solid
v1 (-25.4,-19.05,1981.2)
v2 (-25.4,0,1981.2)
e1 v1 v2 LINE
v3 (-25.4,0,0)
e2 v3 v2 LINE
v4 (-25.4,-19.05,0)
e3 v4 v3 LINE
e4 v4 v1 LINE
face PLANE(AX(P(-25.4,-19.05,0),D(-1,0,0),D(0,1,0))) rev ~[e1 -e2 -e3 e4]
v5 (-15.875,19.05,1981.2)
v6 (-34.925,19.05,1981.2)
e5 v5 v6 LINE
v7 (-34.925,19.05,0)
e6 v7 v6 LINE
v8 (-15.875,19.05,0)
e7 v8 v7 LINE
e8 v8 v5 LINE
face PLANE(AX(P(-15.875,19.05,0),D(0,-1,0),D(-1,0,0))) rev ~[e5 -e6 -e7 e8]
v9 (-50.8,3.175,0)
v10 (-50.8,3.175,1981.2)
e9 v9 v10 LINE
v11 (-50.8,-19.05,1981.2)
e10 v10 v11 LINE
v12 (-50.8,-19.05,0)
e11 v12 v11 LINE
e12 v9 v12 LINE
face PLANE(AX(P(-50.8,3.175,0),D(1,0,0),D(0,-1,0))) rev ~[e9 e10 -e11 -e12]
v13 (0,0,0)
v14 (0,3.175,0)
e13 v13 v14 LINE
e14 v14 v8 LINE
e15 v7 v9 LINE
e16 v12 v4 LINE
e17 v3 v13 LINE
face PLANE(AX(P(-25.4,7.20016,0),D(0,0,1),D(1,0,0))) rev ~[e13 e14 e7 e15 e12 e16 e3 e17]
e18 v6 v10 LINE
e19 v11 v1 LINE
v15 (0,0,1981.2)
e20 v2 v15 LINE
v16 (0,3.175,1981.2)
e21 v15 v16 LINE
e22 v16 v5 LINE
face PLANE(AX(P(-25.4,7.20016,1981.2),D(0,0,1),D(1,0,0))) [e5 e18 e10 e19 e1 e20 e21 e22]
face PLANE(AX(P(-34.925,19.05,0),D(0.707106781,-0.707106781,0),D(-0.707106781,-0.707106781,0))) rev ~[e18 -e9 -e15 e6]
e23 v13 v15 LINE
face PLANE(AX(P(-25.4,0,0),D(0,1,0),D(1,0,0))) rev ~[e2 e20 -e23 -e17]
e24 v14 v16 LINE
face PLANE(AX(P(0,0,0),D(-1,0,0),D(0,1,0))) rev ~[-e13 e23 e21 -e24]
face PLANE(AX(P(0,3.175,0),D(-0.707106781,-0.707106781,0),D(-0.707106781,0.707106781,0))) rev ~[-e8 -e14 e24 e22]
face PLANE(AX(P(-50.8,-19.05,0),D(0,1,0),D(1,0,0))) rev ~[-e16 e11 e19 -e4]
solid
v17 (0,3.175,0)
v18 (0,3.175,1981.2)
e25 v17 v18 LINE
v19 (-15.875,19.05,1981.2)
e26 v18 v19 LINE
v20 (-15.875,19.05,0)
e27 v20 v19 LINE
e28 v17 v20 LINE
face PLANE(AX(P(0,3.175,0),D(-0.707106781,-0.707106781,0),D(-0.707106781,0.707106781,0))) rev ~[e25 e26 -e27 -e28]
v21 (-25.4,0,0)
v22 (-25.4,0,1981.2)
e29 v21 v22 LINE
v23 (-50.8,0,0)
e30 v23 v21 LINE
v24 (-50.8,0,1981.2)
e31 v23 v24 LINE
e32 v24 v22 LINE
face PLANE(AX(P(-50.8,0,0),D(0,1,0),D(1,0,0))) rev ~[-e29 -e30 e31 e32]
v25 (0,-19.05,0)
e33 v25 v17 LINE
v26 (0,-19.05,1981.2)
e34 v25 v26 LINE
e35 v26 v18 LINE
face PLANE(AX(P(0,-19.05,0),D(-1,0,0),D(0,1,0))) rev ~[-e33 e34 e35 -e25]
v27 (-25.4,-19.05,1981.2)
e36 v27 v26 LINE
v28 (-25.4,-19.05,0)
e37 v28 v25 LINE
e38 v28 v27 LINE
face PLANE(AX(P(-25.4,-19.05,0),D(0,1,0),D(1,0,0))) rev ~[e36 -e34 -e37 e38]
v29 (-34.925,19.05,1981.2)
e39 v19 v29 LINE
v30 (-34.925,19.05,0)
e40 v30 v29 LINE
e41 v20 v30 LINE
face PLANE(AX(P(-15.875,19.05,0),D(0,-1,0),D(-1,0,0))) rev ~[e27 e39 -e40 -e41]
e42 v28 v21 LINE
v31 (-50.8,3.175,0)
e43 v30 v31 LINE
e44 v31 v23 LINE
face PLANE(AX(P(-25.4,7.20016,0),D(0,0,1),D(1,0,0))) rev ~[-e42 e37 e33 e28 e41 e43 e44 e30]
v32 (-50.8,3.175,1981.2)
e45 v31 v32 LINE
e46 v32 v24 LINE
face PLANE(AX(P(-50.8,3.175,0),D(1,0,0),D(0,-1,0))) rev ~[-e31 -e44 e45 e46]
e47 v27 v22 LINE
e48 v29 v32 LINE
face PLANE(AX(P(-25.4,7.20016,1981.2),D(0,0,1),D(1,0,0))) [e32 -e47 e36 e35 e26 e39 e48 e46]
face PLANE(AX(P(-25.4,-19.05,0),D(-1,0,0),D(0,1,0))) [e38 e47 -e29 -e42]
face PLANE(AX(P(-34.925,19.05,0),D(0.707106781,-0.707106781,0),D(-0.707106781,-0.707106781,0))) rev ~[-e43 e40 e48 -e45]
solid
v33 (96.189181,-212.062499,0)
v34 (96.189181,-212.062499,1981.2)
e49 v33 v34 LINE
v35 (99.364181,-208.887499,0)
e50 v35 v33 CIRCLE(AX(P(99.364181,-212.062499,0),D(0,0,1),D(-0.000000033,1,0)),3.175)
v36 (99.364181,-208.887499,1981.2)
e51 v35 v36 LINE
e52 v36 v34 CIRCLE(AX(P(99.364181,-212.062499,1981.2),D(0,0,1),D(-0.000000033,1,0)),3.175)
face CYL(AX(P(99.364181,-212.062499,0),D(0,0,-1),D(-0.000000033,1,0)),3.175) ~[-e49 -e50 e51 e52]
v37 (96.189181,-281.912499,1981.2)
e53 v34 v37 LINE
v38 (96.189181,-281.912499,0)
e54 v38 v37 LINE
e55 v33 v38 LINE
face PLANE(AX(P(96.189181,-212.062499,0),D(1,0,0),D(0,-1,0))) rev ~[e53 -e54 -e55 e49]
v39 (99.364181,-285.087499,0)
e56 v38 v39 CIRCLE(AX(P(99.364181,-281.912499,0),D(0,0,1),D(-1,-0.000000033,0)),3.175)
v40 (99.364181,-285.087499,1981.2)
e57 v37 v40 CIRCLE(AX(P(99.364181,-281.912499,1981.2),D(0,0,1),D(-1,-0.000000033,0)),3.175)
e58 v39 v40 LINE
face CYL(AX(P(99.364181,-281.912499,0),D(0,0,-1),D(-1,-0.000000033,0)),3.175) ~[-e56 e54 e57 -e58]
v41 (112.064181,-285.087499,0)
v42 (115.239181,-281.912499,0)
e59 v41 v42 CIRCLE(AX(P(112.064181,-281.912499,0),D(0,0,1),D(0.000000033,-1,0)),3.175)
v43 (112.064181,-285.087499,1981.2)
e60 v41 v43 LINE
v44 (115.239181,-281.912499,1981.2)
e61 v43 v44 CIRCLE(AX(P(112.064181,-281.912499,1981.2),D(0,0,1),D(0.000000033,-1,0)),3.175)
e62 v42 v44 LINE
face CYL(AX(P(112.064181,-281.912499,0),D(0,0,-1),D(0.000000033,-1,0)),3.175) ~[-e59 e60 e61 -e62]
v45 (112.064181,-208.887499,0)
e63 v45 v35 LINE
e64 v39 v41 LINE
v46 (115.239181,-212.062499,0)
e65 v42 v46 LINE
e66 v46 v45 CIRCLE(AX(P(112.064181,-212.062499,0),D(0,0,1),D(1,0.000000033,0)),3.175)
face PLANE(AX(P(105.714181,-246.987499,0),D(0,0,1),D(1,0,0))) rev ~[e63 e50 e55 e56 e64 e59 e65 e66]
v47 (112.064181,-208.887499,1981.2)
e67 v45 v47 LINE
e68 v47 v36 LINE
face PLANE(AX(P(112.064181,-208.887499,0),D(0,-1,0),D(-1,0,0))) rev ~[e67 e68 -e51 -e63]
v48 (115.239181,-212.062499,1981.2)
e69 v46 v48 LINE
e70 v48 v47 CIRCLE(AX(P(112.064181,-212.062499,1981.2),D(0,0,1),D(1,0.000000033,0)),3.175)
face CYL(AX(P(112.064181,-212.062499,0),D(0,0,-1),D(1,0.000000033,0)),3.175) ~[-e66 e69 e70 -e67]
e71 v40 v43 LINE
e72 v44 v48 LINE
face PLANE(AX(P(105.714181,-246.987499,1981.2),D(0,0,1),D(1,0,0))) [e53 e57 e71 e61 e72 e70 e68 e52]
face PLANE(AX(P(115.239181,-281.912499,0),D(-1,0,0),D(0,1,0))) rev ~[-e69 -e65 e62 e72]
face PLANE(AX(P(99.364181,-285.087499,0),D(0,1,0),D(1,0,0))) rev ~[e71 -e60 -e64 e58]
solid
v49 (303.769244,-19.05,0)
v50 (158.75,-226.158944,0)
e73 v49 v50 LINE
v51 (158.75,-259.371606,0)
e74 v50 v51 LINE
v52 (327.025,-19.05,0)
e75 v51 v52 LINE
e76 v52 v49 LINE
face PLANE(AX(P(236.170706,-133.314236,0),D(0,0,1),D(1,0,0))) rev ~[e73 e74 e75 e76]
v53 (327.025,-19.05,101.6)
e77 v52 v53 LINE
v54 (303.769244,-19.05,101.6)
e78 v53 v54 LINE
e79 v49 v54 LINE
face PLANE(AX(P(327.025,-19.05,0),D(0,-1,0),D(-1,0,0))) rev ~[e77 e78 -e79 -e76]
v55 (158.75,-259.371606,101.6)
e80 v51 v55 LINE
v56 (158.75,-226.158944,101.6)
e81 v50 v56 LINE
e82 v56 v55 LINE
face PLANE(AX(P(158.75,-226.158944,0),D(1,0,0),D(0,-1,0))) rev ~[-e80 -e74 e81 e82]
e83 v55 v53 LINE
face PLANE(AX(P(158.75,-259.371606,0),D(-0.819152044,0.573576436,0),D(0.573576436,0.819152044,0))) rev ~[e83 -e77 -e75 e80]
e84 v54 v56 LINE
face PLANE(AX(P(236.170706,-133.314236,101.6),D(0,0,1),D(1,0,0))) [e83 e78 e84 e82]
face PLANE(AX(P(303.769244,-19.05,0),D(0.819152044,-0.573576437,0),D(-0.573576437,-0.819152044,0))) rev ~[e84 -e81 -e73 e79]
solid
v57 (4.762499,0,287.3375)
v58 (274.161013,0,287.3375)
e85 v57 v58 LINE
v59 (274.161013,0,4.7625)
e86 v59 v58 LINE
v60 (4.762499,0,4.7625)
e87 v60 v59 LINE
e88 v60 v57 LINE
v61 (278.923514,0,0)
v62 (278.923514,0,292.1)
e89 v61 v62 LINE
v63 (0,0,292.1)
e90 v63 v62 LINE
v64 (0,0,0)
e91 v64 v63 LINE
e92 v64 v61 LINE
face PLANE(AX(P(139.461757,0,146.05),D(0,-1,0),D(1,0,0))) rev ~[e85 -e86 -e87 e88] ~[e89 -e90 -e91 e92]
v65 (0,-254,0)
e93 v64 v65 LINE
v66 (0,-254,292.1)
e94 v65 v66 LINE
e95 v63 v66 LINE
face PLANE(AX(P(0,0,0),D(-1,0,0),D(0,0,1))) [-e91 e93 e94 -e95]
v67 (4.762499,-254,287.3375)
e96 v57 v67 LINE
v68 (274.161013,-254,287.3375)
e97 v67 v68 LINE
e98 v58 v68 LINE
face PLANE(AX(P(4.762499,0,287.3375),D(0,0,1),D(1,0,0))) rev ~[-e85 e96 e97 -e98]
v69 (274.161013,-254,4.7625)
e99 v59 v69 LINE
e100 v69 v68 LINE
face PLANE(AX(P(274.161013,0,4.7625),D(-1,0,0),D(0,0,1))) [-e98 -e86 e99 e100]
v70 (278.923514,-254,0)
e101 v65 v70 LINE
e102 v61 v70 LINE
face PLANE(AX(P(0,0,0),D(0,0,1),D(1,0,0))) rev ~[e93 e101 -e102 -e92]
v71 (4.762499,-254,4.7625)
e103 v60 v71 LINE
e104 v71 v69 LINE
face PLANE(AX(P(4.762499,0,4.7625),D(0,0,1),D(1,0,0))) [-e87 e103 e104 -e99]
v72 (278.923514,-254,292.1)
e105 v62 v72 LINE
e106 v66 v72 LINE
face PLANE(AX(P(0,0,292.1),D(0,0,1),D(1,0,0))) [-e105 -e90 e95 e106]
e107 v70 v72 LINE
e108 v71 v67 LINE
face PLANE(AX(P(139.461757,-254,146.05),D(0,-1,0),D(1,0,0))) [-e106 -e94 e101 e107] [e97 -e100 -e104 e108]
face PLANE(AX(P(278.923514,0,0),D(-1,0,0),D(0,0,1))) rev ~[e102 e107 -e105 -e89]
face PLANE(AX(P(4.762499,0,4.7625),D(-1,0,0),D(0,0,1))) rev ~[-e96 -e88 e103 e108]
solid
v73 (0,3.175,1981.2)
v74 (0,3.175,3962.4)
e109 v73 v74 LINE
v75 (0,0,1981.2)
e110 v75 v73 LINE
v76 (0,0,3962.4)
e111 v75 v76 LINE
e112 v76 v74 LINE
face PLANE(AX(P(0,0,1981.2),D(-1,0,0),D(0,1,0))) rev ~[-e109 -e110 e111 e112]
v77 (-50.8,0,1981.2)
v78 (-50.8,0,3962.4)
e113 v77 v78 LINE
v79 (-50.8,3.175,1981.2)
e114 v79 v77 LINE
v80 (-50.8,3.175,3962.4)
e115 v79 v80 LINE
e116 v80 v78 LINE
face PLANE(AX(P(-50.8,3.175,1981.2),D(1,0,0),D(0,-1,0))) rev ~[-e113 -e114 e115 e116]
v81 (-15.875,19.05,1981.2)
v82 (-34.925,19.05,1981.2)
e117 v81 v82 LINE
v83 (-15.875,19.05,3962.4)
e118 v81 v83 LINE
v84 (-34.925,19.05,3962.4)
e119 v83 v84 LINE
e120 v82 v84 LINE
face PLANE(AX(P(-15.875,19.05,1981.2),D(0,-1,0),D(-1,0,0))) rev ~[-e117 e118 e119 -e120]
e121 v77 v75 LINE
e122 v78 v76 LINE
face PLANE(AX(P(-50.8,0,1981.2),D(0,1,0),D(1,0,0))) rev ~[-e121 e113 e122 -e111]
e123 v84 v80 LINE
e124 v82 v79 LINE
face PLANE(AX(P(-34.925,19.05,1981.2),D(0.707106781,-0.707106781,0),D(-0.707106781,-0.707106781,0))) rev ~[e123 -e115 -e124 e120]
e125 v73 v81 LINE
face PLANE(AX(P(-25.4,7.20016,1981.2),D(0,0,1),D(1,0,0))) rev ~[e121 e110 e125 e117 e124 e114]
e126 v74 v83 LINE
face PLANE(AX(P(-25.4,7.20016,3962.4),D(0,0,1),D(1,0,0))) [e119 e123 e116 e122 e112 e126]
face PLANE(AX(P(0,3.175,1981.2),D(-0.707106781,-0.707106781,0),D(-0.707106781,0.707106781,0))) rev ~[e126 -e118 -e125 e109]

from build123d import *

# Parameters (mm, degrees)
F0_W      = 278.923513
F0_H      = 292.1
F0_W_2    = 269.398513
F0_H_2    = 282.575
F1_DEPTH  = 254
F2_W      = 25.4
F2_H      = 19.05
F3_DEPTH  = 1981.2
F4_DEPTH  = 1981.2
F6_DEPTH  = 1981.2
F8_DEPTH  = 101.6
F10_DEPTH = 1981.2


with BuildPart() as f1:
    # F0 (on Front) → F1 (new body)
    with BuildSketch(Plane.XZ):
        with Locations((139.461757, 146.05)):
            Rectangle(F0_W, F0_H)
        with Locations((139.461756, 146.05)):
            Rectangle(F0_W_2, F0_H_2, mode=Mode.SUBTRACT)
    extrude(amount=F1_DEPTH)


with BuildPart() as f3:
    # F2 (on Top) → F3 (new body)
    with BuildSketch(Plane.XY):
        Polygon((-25.4, 0), (0, 0), (0, 3.175), (-15.875, 19.05), (-34.925, 19.05), (-50.8, 3.175), (-50.8, 0), align=None)
        with Locations((-38.1, -9.525)):
            Rectangle(F2_W, F2_H)
    extrude(amount=F3_DEPTH)


with BuildPart() as f4:
    # F2 (on Top) → F4 (new body)
    with BuildSketch(Plane.XY):
        Polygon((-25.4, 0), (0, 0), (0, 3.175), (-15.875, 19.05), (-34.925, 19.05), (-50.8, 3.175), (-50.8, 0), align=None)
        with Locations((-12.7, -9.525)):
            Rectangle(F2_W, F2_H)
    extrude(amount=F4_DEPTH)


with BuildPart() as f6:
    # F5 (on Top) → F6 (new body)
    with BuildSketch(Plane.XY):
        with BuildLine():
            ThreePointArc((96.189181, -281.912499), (97.119117, -284.157563), (99.364181, -285.087499))
            Line((99.364181, -285.087499), (112.064181, -285.087499))
            ThreePointArc((112.064181, -285.087499), (114.309245, -284.157563), (115.239181, -281.912499))
            Line((115.239181, -281.912499), (115.239181, -212.062499))
            ThreePointArc((115.239181, -212.062499), (114.309245, -209.817435), (112.064181, -208.887499))
            Line((112.064181, -208.887499), (99.364181, -208.887499))
            ThreePointArc((99.364181, -208.887499), (97.119117, -209.817435), (96.189181, -212.062499))
            Line((96.189181, -212.062499), (96.189181, -281.912499))
        make_face()
    extrude(amount=F6_DEPTH)


with BuildPart() as f8:
    # F7 (on Top) → F8 (new body)
    with BuildSketch(Plane.XY):
        Polygon((303.769244, -19.05), (158.75, -226.158944), (158.75, -259.371606), (327.025, -19.05), align=None)
    extrude(amount=F8_DEPTH)


with BuildPart() as f10:
    # F9 (on face) → F10 (new body)
    with BuildSketch(Plane.XY.offset(1981.2)):
        Polygon((0, 0), (0, 3.175), (-15.875, 19.05), (-34.925, 19.05), (-50.8, 3.175), (-50.8, 0), (-25.4, 0), align=None)
    extrude(amount=F10_DEPTH)


solid = Compound([f1.part, f3.part, f4.part, f6.part, f8.part, f10.part])
